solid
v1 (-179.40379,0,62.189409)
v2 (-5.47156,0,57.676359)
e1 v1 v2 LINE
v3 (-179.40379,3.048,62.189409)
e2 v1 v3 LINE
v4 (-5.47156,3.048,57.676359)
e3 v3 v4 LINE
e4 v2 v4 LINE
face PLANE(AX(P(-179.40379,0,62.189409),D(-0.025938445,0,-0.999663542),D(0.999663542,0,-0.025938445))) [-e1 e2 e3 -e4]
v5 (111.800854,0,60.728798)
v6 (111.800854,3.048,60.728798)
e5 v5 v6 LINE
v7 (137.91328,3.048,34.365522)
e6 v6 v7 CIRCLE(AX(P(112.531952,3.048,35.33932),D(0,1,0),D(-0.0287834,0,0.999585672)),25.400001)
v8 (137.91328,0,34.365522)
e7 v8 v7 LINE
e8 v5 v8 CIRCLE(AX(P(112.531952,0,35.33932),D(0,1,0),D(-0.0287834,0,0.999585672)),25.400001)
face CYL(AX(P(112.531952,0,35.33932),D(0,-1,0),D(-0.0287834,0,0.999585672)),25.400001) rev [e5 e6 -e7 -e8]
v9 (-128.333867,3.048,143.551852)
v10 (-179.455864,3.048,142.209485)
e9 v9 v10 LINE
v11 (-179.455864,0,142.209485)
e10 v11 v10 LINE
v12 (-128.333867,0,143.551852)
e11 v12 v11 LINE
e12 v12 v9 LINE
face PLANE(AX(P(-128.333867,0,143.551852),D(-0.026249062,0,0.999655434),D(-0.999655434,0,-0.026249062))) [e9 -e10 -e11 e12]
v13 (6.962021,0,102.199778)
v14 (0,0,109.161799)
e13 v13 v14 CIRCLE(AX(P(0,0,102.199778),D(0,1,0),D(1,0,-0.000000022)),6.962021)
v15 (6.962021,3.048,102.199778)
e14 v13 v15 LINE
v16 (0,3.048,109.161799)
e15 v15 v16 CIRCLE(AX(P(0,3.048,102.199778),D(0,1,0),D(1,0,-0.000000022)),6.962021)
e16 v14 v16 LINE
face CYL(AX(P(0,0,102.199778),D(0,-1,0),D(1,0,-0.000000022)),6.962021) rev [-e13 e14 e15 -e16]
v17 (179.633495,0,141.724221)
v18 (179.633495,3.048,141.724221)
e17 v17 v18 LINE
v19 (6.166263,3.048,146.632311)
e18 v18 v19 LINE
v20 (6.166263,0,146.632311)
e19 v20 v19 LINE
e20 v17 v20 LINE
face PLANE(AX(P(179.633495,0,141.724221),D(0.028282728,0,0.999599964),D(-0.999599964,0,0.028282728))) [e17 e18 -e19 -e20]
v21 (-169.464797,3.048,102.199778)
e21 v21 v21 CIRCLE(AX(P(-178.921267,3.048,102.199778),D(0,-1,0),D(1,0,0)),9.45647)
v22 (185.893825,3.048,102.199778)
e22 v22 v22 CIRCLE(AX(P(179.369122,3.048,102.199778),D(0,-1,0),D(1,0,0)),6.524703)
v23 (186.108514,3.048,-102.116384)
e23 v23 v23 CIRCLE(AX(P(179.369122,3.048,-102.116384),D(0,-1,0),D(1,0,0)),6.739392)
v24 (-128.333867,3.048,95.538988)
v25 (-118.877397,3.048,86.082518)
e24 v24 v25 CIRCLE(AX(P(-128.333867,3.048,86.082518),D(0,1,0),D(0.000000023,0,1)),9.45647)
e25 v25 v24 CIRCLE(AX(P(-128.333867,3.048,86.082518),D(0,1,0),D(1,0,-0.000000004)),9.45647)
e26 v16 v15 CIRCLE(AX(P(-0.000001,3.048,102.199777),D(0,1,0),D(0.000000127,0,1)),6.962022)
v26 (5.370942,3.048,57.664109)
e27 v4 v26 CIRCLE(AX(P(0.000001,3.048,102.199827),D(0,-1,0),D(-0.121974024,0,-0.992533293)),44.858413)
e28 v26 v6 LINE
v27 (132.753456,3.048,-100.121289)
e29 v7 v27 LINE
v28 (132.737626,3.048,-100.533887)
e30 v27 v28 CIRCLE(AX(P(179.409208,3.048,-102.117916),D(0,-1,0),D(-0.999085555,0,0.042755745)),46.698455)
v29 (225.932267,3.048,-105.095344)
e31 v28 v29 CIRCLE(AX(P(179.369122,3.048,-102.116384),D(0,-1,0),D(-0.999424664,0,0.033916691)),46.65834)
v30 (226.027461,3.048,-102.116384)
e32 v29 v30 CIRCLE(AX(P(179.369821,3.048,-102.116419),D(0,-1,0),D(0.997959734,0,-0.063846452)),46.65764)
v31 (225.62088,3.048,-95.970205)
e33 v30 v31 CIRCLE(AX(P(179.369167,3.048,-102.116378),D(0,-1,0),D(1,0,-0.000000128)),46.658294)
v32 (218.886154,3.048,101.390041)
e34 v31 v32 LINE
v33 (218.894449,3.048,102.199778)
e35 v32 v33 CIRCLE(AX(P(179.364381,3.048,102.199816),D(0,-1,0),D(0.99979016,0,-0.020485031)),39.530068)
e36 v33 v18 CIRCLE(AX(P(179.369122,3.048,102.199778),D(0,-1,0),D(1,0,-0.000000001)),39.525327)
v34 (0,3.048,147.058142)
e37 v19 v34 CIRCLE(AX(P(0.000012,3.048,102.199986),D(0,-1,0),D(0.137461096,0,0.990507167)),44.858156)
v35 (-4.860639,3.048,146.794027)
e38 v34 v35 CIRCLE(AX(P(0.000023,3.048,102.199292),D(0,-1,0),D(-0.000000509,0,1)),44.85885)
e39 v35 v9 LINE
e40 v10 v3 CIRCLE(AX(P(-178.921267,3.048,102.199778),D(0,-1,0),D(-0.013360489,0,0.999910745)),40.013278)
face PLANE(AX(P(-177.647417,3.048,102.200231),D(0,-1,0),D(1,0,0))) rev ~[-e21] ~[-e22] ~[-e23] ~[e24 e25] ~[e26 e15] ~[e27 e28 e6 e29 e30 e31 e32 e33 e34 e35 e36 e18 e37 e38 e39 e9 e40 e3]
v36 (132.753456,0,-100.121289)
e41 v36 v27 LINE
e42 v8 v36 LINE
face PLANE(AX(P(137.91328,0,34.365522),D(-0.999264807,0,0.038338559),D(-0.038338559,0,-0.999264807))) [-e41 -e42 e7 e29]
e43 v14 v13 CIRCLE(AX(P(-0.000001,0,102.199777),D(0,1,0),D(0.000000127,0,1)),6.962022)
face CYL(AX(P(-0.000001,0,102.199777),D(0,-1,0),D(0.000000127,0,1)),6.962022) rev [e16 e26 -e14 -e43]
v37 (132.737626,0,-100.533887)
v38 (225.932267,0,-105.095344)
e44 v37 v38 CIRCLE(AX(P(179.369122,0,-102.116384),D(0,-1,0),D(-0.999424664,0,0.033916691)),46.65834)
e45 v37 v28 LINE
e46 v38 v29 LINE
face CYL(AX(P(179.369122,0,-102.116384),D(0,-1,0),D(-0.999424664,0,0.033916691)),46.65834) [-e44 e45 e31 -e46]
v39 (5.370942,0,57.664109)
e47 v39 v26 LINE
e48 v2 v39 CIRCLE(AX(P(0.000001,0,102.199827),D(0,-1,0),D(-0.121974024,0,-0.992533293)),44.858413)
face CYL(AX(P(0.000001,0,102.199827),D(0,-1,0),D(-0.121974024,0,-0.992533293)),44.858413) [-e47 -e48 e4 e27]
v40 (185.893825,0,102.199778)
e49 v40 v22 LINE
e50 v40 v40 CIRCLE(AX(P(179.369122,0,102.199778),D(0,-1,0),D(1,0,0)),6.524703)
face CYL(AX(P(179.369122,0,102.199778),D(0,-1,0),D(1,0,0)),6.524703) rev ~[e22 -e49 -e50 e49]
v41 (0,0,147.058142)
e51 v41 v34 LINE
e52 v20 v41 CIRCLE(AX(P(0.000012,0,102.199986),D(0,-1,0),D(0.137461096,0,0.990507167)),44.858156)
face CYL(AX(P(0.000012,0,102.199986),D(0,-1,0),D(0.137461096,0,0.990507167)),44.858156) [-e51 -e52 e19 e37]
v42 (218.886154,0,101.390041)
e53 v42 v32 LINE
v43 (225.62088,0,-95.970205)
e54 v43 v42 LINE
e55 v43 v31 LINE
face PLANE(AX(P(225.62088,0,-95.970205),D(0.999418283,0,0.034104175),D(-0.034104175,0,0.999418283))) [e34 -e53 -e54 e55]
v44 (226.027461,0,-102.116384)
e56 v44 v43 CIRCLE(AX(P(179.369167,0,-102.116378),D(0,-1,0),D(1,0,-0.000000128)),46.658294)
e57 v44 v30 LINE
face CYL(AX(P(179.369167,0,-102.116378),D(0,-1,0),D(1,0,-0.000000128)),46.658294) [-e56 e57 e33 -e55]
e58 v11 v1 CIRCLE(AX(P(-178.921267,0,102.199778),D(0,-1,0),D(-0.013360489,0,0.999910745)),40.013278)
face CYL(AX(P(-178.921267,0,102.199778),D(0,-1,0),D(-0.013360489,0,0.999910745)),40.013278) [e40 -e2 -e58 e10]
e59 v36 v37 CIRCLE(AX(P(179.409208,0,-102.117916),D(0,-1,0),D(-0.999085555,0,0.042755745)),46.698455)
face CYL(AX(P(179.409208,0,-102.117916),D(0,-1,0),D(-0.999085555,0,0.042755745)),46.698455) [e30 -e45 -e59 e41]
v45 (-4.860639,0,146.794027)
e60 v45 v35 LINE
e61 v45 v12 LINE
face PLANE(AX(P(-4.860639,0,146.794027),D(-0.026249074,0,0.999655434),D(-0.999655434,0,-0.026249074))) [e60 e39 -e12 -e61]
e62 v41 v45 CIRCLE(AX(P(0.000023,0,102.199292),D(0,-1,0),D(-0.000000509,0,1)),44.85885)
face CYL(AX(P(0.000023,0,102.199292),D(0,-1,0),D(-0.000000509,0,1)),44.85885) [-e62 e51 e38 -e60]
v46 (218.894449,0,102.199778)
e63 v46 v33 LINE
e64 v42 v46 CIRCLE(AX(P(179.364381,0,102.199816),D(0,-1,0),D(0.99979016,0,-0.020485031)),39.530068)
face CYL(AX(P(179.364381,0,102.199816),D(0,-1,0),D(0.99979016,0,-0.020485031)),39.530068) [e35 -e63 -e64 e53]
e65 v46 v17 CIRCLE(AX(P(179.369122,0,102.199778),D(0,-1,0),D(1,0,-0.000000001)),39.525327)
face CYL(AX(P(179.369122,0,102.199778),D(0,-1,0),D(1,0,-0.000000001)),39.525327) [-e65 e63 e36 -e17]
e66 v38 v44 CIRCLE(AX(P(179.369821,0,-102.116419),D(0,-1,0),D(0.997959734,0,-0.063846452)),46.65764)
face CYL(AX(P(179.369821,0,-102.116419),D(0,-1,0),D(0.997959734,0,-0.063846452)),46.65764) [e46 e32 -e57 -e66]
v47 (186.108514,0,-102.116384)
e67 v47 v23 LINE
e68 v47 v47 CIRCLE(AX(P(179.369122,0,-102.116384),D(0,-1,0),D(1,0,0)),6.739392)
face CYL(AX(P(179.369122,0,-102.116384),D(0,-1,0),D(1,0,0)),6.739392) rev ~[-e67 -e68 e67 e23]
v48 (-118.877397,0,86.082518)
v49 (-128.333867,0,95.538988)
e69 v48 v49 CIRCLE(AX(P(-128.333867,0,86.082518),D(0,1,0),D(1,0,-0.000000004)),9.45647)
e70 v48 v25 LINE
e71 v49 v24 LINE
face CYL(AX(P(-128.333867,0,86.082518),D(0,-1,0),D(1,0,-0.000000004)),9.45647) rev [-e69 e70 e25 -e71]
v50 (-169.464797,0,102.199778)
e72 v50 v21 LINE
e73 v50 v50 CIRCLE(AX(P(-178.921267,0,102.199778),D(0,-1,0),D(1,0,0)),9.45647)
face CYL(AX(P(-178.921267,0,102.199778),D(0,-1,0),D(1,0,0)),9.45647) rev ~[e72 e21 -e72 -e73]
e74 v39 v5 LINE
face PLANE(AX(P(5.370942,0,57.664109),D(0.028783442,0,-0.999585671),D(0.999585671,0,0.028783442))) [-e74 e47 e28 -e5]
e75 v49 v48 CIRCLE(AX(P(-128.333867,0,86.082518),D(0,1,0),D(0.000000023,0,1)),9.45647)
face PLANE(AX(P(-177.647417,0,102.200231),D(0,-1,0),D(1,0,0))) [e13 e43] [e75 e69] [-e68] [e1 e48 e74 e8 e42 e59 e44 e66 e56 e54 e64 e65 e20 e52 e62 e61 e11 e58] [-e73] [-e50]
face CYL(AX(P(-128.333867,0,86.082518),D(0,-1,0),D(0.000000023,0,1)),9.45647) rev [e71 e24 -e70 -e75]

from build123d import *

# Parameters (mm, degrees)
F0_R     = 9.45647
F0_R_2   = 6.524703
F0_R_3   = 6.739392
F1_DEPTH = 3.048


with BuildPart() as f1:
    # F0 (on Front) → F1 (new body)
    with BuildSketch(Plane.XZ):
        with BuildLine():
            ThreePointArc((-179.40379, 62.189409), (-150.798722, 73.736031), (-138.907989, 102.199778))
            ThreePointArc((-138.907989, 102.199778), (-150.817251, 130.681819), (-179.455864, 142.209485))
            ThreePointArc((-179.455864, 142.209485), (-218.934537, 102.173739), (-179.40379, 62.189409))
        make_face()
        with Locations((-178.921267, 102.199778)):
            Circle(F0_R, mode=Mode.SUBTRACT)
        with BuildLine():
            ThreePointArc((-118.877397, 86.082518), (-121.647133, 92.769252), (-128.333867, 95.538988))
            ThreePointArc((-128.333867, 95.538988), (-135.020601, 79.395784), (-118.877397, 86.082518))
        make_face()
        with BuildLine():
            ThreePointArc((-179.455864, 142.209485), (-150.817251, 130.681819), (-138.907989, 102.199778))
            ThreePointArc((-138.907989, 102.199778), (-150.798722, 73.736031), (-179.40379, 62.189409))
            Line((-179.40379, 62.189409), (-5.47156, 57.676359))
            ThreePointArc((-5.47156, 57.676359), (-44.85731, 102.507285), (-4.860639, 146.794027))
            Line((-4.860639, 146.794027), (-128.333867, 143.551852))
            Line((-128.333867, 143.551852), (-179.455864, 142.209485))
        make_face()
        with BuildLine():
            ThreePointArc((-118.877397, 86.082518), (-135.020601, 79.395784), (-128.333867, 95.538988))
            ThreePointArc((-128.333867, 95.538988), (-121.647133, 92.769252), (-118.877397, 86.082518))
        make_face(mode=Mode.SUBTRACT)
        with BuildLine():
            ThreePointArc((6.962021, 102.199778), (4.922892, 107.12267), (0, 109.161799))
            ThreePointArc((0, 109.161799), (-4.922892, 97.276886), (6.962021, 102.199778))
        make_face()
        with BuildLine():
            ThreePointArc((-4.860639, 146.794027), (-44.85731, 102.507285), (-5.47156, 57.676359))
            ThreePointArc((-5.47156, 57.676359), (-0.050681, 57.341443), (5.370942, 57.664109))
            ThreePointArc((5.370942, 57.664109), (33.564896, 72.43956), (44.858364, 102.199778))
            ThreePointArc((44.858364, 102.199778), (33.829583, 131.658769), (6.166263, 146.632311))
            ThreePointArc((6.166263, 146.632311), (3.090475, 146.951558), (0, 147.058142))
            ThreePointArc((0, 147.058142), (-2.433904, 146.992064), (-4.860639, 146.794027))
        make_face()
        with BuildLine():
            ThreePointArc((6.962021, 102.199778), (-4.922892, 97.276886), (0, 109.161799))
            ThreePointArc((0, 109.161799), (4.922892, 107.12267), (6.962021, 102.199778))
        make_face(mode=Mode.SUBTRACT)
        with BuildLine():
            ThreePointArc((44.858364, 102.199778), (33.564896, 72.43956), (5.370942, 57.664109))
            Line((5.370942, 57.664109), (111.800854, 60.728798))
            ThreePointArc((111.800854, 60.728798), (130.578116, 53.213773), (137.91328, 34.365522))
            Line((137.91328, 34.365522), (132.753456, -100.121289))
            ThreePointArc((132.753456, -100.121289), (177.285619, -55.504586), (225.62088, -95.970205))
            Line((225.62088, -95.970205), (218.886154, 101.390041))
            ThreePointArc((218.886154, 101.390041), (151.043311, 74.633496), (179.633495, 141.724221))
            Line((179.633495, 141.724221), (6.166263, 146.632311))
            ThreePointArc((6.166263, 146.632311), (33.829583, 131.658769), (44.858364, 102.199778))
        make_face()
        with BuildLine():
            ThreePointArc((218.894449, 102.199778), (207.411063, 130.054778), (179.633495, 141.724221))
            ThreePointArc((179.633495, 141.724221), (151.043311, 74.633496), (218.886154, 101.390041))
            ThreePointArc((218.886154, 101.390041), (218.892375, 101.794888), (218.894449, 102.199778))
        make_face()
        with Locations((179.369122, 102.199778)):
            Circle(F0_R_2, mode=Mode.SUBTRACT)
        with BuildLine():
            Line((132.737626, -100.533887), (132.753456, -100.121289))
            ThreePointArc((132.753456, -100.121289), (132.745085, -100.32757), (132.737626, -100.533887))
        make_face()
        with BuildLine():
            ThreePointArc((225.62088, -95.970205), (177.285619, -55.504586), (132.753456, -100.121289))
            Line((132.753456, -100.121289), (132.737626, -100.533887))
            ThreePointArc((132.737626, -100.533887), (177.088137, -148.718935), (225.932267, -105.095344))
            Line((225.932267, -105.095344), (225.62088, -95.970205))
        make_face()
        with Locations((179.369122, -102.116384)):
            Circle(F0_R_3, mode=Mode.SUBTRACT)
        with BuildLine():
            ThreePointArc((226.027461, -102.116384), (225.925705, -99.036578), (225.62088, -95.970205))
            Line((225.62088, -95.970205), (225.932267, -105.095344))
            ThreePointArc((225.932267, -105.095344), (226.003657, -103.606624), (226.027461, -102.116384))
        make_face()
    extrude(amount=-F1_DEPTH)


solid = f1.part
